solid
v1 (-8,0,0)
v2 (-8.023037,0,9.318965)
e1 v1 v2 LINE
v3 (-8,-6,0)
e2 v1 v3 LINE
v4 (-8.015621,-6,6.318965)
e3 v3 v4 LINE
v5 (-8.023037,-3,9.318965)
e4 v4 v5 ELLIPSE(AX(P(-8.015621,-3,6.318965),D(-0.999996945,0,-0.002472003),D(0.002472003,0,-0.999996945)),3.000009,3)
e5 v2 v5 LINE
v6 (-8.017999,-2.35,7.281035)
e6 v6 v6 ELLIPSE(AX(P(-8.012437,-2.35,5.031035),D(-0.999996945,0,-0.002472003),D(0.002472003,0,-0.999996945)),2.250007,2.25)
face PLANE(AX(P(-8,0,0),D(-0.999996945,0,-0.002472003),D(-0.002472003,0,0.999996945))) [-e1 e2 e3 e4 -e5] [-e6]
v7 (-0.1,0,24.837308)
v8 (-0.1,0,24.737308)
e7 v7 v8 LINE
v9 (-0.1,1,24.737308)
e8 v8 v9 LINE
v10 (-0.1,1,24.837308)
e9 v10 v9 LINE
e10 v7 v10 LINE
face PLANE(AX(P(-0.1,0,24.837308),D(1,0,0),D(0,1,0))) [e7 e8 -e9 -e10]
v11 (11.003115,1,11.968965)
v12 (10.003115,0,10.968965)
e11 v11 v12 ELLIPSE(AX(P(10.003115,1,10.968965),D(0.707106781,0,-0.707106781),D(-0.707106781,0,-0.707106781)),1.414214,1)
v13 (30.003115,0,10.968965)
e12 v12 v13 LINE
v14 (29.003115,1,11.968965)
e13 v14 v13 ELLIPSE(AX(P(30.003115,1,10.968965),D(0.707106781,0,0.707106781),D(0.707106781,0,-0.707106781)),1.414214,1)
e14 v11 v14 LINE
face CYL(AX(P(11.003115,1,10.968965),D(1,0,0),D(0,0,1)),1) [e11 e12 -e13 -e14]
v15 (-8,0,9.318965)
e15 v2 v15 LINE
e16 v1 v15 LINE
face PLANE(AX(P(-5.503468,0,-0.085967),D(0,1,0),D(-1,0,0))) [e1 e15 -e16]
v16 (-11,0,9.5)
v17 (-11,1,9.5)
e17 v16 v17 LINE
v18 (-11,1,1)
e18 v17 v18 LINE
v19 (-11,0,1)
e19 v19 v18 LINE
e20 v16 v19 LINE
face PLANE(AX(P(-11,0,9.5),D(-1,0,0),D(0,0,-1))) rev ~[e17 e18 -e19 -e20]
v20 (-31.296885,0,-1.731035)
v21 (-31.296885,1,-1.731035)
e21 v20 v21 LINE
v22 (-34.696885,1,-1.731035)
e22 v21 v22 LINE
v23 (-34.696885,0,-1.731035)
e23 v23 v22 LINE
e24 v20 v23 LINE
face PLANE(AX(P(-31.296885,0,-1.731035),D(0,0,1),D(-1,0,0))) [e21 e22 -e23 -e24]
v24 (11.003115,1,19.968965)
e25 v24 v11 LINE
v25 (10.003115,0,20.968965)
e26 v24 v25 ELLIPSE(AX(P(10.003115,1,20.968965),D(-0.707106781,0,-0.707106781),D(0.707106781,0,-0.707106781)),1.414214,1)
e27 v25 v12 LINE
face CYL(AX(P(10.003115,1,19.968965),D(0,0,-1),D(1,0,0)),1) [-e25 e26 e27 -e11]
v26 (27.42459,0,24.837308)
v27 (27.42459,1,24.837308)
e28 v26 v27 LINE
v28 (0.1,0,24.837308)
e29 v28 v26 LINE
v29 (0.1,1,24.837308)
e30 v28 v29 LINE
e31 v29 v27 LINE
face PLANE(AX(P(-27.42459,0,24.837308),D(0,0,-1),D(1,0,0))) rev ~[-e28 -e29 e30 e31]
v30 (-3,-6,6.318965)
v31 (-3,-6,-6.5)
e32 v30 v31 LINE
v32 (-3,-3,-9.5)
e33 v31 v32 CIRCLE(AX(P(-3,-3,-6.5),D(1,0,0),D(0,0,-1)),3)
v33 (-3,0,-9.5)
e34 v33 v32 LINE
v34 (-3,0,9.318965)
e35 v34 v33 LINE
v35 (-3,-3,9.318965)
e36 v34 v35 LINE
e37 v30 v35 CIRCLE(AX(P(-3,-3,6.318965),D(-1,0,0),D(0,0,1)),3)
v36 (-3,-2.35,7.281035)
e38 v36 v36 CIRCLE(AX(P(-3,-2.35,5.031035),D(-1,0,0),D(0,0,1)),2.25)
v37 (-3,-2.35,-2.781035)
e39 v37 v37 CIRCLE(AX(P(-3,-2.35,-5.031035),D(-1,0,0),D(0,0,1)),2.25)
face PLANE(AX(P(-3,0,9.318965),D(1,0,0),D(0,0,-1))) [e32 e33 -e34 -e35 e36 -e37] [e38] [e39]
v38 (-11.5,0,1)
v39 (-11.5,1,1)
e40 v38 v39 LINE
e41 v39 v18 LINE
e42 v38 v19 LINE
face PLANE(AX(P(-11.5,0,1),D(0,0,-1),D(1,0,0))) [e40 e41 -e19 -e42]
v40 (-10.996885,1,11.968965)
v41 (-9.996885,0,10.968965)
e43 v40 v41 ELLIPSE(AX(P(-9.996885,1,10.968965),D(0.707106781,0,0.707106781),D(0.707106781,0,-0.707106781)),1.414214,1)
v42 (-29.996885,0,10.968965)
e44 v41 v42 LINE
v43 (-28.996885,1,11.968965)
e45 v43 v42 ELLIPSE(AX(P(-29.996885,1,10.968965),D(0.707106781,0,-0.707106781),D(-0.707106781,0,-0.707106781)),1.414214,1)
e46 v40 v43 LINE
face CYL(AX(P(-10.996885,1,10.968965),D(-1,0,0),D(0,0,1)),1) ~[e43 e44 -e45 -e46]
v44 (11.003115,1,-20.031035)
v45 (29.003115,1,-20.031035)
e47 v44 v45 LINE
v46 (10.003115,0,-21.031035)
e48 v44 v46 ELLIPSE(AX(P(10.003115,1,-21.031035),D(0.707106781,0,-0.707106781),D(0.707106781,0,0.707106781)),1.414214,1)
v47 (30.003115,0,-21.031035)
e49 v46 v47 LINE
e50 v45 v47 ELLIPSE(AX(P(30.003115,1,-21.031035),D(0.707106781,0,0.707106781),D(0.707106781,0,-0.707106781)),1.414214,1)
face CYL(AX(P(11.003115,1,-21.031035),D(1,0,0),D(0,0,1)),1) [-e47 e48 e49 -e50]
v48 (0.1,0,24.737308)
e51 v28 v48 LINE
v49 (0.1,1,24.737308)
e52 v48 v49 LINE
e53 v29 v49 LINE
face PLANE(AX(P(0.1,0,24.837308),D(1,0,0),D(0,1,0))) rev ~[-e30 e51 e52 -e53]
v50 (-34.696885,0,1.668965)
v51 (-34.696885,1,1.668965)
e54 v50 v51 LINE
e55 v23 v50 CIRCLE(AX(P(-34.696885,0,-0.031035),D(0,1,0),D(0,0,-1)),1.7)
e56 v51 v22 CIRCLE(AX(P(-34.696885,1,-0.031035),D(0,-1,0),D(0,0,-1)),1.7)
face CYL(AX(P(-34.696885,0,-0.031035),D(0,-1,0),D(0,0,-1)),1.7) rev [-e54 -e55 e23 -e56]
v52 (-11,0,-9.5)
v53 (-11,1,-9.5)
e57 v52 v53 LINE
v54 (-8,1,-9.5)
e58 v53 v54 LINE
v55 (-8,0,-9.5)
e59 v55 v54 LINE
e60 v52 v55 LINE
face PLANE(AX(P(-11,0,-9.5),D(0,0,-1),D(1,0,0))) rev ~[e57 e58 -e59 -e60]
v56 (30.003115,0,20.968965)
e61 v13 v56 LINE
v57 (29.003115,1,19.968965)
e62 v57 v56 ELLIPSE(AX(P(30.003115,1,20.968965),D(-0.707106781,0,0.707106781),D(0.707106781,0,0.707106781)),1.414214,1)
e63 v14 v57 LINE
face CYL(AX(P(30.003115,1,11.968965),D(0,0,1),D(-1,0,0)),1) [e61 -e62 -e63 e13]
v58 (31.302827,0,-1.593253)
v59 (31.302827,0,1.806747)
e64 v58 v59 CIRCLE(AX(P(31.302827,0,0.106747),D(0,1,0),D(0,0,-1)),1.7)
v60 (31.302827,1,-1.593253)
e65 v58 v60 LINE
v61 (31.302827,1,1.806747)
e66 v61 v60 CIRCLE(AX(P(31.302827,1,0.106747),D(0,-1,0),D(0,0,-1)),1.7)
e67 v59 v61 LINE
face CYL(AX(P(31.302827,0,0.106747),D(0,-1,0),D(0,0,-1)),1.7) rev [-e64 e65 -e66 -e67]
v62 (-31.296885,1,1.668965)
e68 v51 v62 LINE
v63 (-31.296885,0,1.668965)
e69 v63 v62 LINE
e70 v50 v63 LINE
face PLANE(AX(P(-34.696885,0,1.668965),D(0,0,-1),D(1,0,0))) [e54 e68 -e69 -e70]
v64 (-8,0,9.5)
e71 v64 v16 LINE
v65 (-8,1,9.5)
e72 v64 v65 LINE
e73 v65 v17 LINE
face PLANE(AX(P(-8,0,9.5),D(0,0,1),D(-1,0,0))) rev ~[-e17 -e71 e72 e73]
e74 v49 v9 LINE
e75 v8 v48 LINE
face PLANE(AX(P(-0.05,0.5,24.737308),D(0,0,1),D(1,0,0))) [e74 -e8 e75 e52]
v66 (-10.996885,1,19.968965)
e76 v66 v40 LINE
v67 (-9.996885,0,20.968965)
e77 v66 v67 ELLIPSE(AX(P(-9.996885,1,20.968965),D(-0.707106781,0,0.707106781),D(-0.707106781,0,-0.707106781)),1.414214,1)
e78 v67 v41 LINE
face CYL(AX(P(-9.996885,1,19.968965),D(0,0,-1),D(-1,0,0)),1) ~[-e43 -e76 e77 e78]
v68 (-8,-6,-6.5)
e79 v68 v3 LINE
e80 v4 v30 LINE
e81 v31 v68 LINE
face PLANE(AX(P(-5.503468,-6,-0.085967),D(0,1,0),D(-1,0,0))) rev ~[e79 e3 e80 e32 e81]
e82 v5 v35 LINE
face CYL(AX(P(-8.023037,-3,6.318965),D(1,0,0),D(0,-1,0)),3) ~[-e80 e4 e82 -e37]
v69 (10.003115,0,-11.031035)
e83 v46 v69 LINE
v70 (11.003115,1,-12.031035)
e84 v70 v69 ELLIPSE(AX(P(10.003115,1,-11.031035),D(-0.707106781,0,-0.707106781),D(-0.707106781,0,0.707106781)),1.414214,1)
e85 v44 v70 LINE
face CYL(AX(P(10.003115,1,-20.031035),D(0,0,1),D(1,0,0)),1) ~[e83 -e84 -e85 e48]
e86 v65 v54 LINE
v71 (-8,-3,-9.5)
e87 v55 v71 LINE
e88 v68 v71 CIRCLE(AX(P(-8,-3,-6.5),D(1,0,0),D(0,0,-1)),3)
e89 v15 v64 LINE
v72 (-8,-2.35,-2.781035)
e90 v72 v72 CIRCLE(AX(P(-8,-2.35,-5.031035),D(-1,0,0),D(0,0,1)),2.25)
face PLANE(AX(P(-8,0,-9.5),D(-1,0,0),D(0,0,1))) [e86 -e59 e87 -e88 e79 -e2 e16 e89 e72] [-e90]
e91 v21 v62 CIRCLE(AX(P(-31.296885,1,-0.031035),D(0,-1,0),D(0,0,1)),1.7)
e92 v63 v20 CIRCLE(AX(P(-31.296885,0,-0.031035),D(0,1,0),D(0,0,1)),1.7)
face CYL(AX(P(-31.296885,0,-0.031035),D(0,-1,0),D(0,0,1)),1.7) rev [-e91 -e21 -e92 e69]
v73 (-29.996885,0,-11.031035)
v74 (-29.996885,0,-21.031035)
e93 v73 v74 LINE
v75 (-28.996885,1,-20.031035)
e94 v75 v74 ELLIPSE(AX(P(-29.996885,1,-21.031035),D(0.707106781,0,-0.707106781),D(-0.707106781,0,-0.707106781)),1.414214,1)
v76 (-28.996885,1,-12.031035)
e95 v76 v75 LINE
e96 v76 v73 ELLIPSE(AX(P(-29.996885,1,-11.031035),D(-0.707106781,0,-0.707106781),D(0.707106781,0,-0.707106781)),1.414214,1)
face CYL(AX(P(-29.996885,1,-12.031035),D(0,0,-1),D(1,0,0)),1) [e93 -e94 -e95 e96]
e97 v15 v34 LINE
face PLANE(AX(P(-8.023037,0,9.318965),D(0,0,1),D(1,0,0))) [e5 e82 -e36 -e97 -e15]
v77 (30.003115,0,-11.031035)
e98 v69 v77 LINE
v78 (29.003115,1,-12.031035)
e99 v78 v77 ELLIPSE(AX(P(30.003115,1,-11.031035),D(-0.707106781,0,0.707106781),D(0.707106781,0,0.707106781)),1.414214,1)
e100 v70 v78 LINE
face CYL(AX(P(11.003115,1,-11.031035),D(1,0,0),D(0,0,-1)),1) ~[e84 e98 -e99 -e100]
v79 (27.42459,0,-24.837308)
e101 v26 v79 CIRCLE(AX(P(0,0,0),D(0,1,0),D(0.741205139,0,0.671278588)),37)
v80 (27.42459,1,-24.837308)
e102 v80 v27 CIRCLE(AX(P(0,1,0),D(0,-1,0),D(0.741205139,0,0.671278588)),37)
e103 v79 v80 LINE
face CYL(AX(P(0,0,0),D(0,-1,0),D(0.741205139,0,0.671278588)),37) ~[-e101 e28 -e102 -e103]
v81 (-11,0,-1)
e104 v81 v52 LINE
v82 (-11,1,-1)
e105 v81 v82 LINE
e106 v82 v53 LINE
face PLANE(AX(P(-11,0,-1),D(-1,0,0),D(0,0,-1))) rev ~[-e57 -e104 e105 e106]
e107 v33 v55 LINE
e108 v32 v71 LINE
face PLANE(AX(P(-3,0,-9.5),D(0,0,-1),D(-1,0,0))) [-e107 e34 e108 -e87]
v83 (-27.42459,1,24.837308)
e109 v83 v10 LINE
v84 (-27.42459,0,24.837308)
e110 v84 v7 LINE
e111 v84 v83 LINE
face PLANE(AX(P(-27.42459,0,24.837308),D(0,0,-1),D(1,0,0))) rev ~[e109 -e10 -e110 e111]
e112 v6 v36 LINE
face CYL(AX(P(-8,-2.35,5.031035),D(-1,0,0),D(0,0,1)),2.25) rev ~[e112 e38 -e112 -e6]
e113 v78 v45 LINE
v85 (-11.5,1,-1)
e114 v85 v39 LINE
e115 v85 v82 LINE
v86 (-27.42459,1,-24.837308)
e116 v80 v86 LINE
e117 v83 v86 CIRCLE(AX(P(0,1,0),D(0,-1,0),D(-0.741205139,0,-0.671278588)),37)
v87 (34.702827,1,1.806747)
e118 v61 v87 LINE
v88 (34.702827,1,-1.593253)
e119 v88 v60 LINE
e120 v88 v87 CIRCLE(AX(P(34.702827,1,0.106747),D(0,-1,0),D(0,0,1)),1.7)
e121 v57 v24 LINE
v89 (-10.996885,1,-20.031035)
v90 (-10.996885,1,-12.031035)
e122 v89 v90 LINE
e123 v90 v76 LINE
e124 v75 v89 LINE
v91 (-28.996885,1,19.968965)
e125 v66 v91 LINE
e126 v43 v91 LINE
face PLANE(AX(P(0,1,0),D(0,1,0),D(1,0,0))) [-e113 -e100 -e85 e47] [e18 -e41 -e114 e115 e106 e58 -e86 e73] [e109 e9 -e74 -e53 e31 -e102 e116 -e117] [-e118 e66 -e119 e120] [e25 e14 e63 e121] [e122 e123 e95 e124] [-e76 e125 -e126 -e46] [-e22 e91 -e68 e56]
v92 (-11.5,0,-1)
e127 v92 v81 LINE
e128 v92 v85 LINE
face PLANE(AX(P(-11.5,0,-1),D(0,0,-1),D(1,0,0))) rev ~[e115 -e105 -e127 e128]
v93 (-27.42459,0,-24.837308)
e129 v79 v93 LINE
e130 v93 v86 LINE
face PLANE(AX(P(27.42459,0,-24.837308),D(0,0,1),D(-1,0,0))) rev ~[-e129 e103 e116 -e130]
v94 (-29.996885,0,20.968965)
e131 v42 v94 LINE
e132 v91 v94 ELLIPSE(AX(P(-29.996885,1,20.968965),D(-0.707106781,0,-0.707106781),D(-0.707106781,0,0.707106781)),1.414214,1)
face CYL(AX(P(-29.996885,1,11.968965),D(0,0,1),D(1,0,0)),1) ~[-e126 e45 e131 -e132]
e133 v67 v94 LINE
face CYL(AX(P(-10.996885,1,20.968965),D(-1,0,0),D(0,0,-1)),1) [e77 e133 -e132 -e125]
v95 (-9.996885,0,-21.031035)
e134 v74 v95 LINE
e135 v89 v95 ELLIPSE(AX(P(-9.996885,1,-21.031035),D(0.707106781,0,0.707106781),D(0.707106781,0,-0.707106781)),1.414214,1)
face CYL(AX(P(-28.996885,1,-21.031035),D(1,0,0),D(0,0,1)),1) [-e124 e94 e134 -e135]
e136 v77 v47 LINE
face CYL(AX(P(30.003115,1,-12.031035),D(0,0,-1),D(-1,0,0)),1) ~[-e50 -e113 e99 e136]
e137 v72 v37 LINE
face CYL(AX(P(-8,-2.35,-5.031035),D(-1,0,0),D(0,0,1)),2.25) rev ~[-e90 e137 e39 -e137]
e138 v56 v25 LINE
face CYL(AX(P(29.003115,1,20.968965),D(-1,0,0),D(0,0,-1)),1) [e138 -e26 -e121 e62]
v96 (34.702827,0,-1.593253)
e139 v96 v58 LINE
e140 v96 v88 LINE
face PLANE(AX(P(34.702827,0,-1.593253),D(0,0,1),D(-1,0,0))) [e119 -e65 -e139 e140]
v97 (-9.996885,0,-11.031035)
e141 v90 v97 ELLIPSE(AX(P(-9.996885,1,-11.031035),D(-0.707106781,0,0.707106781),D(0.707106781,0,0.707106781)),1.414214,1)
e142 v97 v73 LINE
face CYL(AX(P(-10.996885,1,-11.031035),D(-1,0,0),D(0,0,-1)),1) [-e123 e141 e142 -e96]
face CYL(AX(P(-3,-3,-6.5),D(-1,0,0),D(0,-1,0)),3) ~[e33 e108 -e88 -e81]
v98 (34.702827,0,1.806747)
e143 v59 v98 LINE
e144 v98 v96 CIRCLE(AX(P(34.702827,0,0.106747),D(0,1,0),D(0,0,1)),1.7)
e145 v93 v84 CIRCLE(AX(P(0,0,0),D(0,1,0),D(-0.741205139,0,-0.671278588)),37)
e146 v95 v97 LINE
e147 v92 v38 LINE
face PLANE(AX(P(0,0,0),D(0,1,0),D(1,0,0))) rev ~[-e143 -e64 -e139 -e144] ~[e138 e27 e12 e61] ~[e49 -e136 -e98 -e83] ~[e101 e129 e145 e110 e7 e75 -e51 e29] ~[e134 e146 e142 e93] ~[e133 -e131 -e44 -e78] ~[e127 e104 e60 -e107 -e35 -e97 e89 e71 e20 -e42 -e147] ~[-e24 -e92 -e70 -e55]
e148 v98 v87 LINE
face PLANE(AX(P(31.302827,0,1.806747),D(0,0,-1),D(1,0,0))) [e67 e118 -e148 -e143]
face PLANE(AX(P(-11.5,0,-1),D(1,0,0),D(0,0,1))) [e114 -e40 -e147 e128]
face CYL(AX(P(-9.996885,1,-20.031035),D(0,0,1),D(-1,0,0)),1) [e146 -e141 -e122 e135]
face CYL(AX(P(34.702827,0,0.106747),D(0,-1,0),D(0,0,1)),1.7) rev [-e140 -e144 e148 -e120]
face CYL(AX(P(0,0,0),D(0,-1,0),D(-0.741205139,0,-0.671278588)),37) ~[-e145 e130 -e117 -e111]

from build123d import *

# Parameters (mm, degrees)
BOSS_EXTRUDE1_DEPTH     = 2
SKETCH2_W               = 3.5
SKETCH2_H               = 2
CUT_EXTRUDE1_DEPTH      = 22
BOSS_EXTRUDE2_DEPTH     = 7
BOSS_EXTRUDE3_DEPTH     = 6
SKETCH5_R               = 2.25
CUT_EXTRUDE3_DEPTH      = 37
CUT_EXTRUDE3_DEPTH_BACK = 37
FILLET1_R               = 3
FILLET2_R               = 0.5
CUT_EXTRUDE4_DEPTH      = 37
FILLET3_R               = 0.5
FILLET4_R               = 0.5
CUT_EXTRUDE5_DEPTH      = 10
FILLET8_R               = 1
SKETCH8_W               = 0.1
SKETCH8_H               = 1
CUT_EXTRUDE6_DEPTH      = 0.1
SKETCH11_R              = 50.237983701
CUT_EXTRUDE8_DEPTH      = 11
CUT_EXTRUDE8_DEPTH_BACK = 1


with BuildPart() as part:
    # Sketch1 → Boss-Extrude1 (new body)
    with BuildSketch(Plane(origin=(0, 0, 0), x_dir=(1, 0, 0), z_dir=(0, 1, 0))):
        with BuildLine():
            Line((-27.424590139, -24.837307739), (27.424590139, -24.837307739))
            ThreePointArc((27.424590139, -24.837307739), (37, 0), (27.424590139, 24.837307739))
            Line((27.424590139, 24.837307739), (-27.424590139, 24.837307739))
            ThreePointArc((-27.424590139, 24.837307739), (-37, 0), (-27.424590139, -24.837307739))
        make_face()
    extrude(amount=BOSS_EXTRUDE1_DEPTH)

    # Sketch2 → Cut-Extrude1 (cut)
    with BuildSketch(Plane.XZ):
        Polygon((-8, 0), (-8, 9.5), (-11, 9.5), (-11, -9.5), (-8, -9.5), align=None)
        with Locations((-9.75, 0)):
            Rectangle(SKETCH2_W, SKETCH2_H)
    extrude(amount=-CUT_EXTRUDE1_DEPTH, mode=Mode.SUBTRACT)

    # Sketch3 → Boss-Extrude2 (add)
    with BuildSketch(Plane(origin=(0, 2, 0), x_dir=(1, 0, 0), z_dir=(0, 1, 0))):
        Polygon((2.9, 11.6), (2.9, 10.1), (19, 10.1), (20.5, 10.1), (20.5, 11.6), align=None)
        Polygon((20.5, 10.1), (19, 10.1), (19, -10.1), (19, -11.6), (20.5, -11.6), align=None)
        Polygon((19, -11.6), (19, -10.1), (-14.6, -10.1), (-16.1, -10.1), (-16.1, -11.6), align=None)
        Polygon((-14.6, 10.1), (2.9, 10.1), (2.9, 11.6), (-16.1, 11.6), (-16.1, 10.1), align=None)
    extrude(amount=BOSS_EXTRUDE2_DEPTH)

    # Sketch4 → Boss-Extrude3 (add)
    with BuildSketch(Plane.XZ):
        Polygon((-8, 0), (-8.02303658, 9.318964787), (-3, 9.318964787), (-3, -9.5), (-8, -9.5), align=None)
    extrude(amount=BOSS_EXTRUDE3_DEPTH)

    # Sketch5 → Cut-Extrude3 (cut, two sides)
    with BuildSketch(Plane.ZY.offset(8)) as cut_extrude3_sk:
        with Locations((-5.031035213, -2.35)):
            Circle(SKETCH5_R)
        with Locations((5.031035213, -2.35)):
            Circle(SKETCH5_R)
    extrude(amount=CUT_EXTRUDE3_DEPTH, mode=Mode.SUBTRACT)
    extrude(cut_extrude3_sk.sketch, amount=-CUT_EXTRUDE3_DEPTH_BACK, mode=Mode.SUBTRACT)

    # Fillet1
    fillet1_edges = [part.edges().sort_by_distance(p)[0] for p in [
        (-5.5, -6, -9.5),
        (-5.51151829, -6, 9.318964787),
    ]]
    fillet(fillet1_edges, radius=FILLET1_R)

    # Fillet2
    fillet2_edges = [part.edges().sort_by_distance(p)[0] for p in [
        (-37, 2, 0),
        (37, 2, 0),
    ]]
    fillet(fillet2_edges, radius=FILLET2_R)

    # Sketch6 → Cut-Extrude4 (cut)
    with BuildSketch(Plane.XZ):
        with BuildLine():
            Line((-34.696885188, 1.668964787), (-31.296885188, 1.668964787))
            ThreePointArc((-31.296885188, 1.668964787), (-29.596885188, -0.031035213), (-31.296885188, -1.731035213))
            Line((-31.296885188, -1.731035213), (-34.696885188, -1.731035213))
            ThreePointArc((-34.696885188, -1.731035213), (-36.396885188, -0.031035213), (-34.696885188, 1.668964787))
        make_face()
        with BuildLine():
            Line((31.302827177, 1.806746588), (34.702827177, 1.806746588))
            ThreePointArc((34.702827177, 1.806746588), (36.402827177, 0.106746588), (34.702827177, -1.593253412))
            Line((34.702827177, -1.593253412), (31.302827177, -1.593253412))
            ThreePointArc((31.302827177, -1.593253412), (29.602827177, 0.106746588), (31.302827177, 1.806746588))
        make_face()
    extrude(amount=-CUT_EXTRUDE4_DEPTH, mode=Mode.SUBTRACT)

    # Fillet3
    fillet3_edges = [part.edges().sort_by_distance(p)[0] for p in [
        (20.5, 9, 0),
        (2.2, 9, -11.6),
        (2.2, 9, 11.6),
        (1.45, 9, -10.1),
        (19, 9, 0),
        (1.45, 9, 10.1),
    ]]
    fillet(fillet3_edges, radius=FILLET3_R)

    # Fillet4
    fillet4_edges = [part.edges().sort_by_distance(p)[0] for p in [
        (-16.1, 9, -10.85),
        (-16.1, 9, 10.85),
        (-16.1, 5.25, -10.1),
        (-16.1, 5.25, -11.6),
        (-16.1, 8.853553391, -11.453553391),
        (-16.1, 8.853553391, -10.246446609),
        (-16.1, 5.25, 11.6),
        (-16.1, 5.25, 10.1),
        (-16.1, 8.853553391, 10.246446609),
        (-16.1, 8.853553391, 11.453553391),
    ]]
    fillet(fillet4_edges, radius=FILLET4_R)

    # Sketch7 → Cut-Extrude5 (cut)
    with BuildSketch(Plane.XZ):
        Polygon((-19.996885188, 19.968964787), (-10.996885188, 19.968964787), (-10.996885188, 11.968964787), (-28.996885188, 11.968964787), (-28.996885188, 19.968964787), align=None)
        Polygon((11.003114812, 11.968964787), (20.003114812, 11.968964787), (20.003114812, 14.968964787), (20.003114812, 19.968964787), (11.003114812, 19.968964787), align=None)
        Polygon((20.003114812, 14.968964787), (20.003114812, 11.968964787), (29.003114812, 11.968964787), (29.003114812, 19.968964787), (20.003114812, 19.968964787), align=None)
        Polygon((-28.996885188, -12.031035213), (-28.996885188, -20.031035213), (-19.996885188, -20.031035213), (-10.996885188, -20.031035213), (-10.996885188, -12.031035213), align=None)
        Polygon((20.003114812, -20.031035213), (11.003114812, -20.031035213), (11.003114812, -12.031035213), (29.003114812, -12.031035213), (29.003114812, -20.031035213), align=None)
    extrude(amount=-CUT_EXTRUDE5_DEPTH, mode=Mode.SUBTRACT)

    # Fillet8
    fillet8_edges = [part.edges().sort_by_distance(p)[0] for p in [
        (11.003114812, 0, 15.968964787),
        (20.003114812, 0, 11.968964787),
        (29.003114812, 0, 15.968964787),
        (20.003114812, 0, 19.968964787),
        (-28.996885188, 0, -16.031035213),
        (-19.996885188, 0, -20.031035213),
        (-10.996885188, 0, -16.031035213),
        (-19.996885188, 0, -12.031035213),
        (20.003114812, 0, -20.031035213),
        (11.003114812, 0, -16.031035213),
        (20.003114812, 0, -12.031035213),
        (29.003114812, 0, -16.031035213),
        (-19.996885188, 0, 19.968964787),
        (-10.996885188, 0, 15.968964787),
        (-19.996885188, 0, 11.968964787),
        (-28.996885188, 0, 15.968964787),
    ]]
    fillet(fillet8_edges, radius=FILLET8_R)

    # Sketch8 → Cut-Extrude6 (cut)
    with BuildSketch(Plane.XY.offset(24.837307739)):
        with Locations((-0.05, 0.5)):
            Rectangle(SKETCH8_W, SKETCH8_H)
        with Locations((0.05, 0.5)):
            Rectangle(SKETCH8_W, SKETCH8_H)
    extrude(amount=-CUT_EXTRUDE6_DEPTH, mode=Mode.SUBTRACT)

    # Sketch11 → Cut-Extrude8 (cut, two sides)
    with BuildSketch(Plane(origin=(0, 2, 0), x_dir=(1, 0, 0), z_dir=(0, 1, 0))) as cut_extrude8_sk:
        Circle(SKETCH11_R)
    extrude(amount=CUT_EXTRUDE8_DEPTH, mode=Mode.SUBTRACT)
    extrude(cut_extrude8_sk.sketch, amount=-CUT_EXTRUDE8_DEPTH_BACK, mode=Mode.SUBTRACT)


solid = part.part
